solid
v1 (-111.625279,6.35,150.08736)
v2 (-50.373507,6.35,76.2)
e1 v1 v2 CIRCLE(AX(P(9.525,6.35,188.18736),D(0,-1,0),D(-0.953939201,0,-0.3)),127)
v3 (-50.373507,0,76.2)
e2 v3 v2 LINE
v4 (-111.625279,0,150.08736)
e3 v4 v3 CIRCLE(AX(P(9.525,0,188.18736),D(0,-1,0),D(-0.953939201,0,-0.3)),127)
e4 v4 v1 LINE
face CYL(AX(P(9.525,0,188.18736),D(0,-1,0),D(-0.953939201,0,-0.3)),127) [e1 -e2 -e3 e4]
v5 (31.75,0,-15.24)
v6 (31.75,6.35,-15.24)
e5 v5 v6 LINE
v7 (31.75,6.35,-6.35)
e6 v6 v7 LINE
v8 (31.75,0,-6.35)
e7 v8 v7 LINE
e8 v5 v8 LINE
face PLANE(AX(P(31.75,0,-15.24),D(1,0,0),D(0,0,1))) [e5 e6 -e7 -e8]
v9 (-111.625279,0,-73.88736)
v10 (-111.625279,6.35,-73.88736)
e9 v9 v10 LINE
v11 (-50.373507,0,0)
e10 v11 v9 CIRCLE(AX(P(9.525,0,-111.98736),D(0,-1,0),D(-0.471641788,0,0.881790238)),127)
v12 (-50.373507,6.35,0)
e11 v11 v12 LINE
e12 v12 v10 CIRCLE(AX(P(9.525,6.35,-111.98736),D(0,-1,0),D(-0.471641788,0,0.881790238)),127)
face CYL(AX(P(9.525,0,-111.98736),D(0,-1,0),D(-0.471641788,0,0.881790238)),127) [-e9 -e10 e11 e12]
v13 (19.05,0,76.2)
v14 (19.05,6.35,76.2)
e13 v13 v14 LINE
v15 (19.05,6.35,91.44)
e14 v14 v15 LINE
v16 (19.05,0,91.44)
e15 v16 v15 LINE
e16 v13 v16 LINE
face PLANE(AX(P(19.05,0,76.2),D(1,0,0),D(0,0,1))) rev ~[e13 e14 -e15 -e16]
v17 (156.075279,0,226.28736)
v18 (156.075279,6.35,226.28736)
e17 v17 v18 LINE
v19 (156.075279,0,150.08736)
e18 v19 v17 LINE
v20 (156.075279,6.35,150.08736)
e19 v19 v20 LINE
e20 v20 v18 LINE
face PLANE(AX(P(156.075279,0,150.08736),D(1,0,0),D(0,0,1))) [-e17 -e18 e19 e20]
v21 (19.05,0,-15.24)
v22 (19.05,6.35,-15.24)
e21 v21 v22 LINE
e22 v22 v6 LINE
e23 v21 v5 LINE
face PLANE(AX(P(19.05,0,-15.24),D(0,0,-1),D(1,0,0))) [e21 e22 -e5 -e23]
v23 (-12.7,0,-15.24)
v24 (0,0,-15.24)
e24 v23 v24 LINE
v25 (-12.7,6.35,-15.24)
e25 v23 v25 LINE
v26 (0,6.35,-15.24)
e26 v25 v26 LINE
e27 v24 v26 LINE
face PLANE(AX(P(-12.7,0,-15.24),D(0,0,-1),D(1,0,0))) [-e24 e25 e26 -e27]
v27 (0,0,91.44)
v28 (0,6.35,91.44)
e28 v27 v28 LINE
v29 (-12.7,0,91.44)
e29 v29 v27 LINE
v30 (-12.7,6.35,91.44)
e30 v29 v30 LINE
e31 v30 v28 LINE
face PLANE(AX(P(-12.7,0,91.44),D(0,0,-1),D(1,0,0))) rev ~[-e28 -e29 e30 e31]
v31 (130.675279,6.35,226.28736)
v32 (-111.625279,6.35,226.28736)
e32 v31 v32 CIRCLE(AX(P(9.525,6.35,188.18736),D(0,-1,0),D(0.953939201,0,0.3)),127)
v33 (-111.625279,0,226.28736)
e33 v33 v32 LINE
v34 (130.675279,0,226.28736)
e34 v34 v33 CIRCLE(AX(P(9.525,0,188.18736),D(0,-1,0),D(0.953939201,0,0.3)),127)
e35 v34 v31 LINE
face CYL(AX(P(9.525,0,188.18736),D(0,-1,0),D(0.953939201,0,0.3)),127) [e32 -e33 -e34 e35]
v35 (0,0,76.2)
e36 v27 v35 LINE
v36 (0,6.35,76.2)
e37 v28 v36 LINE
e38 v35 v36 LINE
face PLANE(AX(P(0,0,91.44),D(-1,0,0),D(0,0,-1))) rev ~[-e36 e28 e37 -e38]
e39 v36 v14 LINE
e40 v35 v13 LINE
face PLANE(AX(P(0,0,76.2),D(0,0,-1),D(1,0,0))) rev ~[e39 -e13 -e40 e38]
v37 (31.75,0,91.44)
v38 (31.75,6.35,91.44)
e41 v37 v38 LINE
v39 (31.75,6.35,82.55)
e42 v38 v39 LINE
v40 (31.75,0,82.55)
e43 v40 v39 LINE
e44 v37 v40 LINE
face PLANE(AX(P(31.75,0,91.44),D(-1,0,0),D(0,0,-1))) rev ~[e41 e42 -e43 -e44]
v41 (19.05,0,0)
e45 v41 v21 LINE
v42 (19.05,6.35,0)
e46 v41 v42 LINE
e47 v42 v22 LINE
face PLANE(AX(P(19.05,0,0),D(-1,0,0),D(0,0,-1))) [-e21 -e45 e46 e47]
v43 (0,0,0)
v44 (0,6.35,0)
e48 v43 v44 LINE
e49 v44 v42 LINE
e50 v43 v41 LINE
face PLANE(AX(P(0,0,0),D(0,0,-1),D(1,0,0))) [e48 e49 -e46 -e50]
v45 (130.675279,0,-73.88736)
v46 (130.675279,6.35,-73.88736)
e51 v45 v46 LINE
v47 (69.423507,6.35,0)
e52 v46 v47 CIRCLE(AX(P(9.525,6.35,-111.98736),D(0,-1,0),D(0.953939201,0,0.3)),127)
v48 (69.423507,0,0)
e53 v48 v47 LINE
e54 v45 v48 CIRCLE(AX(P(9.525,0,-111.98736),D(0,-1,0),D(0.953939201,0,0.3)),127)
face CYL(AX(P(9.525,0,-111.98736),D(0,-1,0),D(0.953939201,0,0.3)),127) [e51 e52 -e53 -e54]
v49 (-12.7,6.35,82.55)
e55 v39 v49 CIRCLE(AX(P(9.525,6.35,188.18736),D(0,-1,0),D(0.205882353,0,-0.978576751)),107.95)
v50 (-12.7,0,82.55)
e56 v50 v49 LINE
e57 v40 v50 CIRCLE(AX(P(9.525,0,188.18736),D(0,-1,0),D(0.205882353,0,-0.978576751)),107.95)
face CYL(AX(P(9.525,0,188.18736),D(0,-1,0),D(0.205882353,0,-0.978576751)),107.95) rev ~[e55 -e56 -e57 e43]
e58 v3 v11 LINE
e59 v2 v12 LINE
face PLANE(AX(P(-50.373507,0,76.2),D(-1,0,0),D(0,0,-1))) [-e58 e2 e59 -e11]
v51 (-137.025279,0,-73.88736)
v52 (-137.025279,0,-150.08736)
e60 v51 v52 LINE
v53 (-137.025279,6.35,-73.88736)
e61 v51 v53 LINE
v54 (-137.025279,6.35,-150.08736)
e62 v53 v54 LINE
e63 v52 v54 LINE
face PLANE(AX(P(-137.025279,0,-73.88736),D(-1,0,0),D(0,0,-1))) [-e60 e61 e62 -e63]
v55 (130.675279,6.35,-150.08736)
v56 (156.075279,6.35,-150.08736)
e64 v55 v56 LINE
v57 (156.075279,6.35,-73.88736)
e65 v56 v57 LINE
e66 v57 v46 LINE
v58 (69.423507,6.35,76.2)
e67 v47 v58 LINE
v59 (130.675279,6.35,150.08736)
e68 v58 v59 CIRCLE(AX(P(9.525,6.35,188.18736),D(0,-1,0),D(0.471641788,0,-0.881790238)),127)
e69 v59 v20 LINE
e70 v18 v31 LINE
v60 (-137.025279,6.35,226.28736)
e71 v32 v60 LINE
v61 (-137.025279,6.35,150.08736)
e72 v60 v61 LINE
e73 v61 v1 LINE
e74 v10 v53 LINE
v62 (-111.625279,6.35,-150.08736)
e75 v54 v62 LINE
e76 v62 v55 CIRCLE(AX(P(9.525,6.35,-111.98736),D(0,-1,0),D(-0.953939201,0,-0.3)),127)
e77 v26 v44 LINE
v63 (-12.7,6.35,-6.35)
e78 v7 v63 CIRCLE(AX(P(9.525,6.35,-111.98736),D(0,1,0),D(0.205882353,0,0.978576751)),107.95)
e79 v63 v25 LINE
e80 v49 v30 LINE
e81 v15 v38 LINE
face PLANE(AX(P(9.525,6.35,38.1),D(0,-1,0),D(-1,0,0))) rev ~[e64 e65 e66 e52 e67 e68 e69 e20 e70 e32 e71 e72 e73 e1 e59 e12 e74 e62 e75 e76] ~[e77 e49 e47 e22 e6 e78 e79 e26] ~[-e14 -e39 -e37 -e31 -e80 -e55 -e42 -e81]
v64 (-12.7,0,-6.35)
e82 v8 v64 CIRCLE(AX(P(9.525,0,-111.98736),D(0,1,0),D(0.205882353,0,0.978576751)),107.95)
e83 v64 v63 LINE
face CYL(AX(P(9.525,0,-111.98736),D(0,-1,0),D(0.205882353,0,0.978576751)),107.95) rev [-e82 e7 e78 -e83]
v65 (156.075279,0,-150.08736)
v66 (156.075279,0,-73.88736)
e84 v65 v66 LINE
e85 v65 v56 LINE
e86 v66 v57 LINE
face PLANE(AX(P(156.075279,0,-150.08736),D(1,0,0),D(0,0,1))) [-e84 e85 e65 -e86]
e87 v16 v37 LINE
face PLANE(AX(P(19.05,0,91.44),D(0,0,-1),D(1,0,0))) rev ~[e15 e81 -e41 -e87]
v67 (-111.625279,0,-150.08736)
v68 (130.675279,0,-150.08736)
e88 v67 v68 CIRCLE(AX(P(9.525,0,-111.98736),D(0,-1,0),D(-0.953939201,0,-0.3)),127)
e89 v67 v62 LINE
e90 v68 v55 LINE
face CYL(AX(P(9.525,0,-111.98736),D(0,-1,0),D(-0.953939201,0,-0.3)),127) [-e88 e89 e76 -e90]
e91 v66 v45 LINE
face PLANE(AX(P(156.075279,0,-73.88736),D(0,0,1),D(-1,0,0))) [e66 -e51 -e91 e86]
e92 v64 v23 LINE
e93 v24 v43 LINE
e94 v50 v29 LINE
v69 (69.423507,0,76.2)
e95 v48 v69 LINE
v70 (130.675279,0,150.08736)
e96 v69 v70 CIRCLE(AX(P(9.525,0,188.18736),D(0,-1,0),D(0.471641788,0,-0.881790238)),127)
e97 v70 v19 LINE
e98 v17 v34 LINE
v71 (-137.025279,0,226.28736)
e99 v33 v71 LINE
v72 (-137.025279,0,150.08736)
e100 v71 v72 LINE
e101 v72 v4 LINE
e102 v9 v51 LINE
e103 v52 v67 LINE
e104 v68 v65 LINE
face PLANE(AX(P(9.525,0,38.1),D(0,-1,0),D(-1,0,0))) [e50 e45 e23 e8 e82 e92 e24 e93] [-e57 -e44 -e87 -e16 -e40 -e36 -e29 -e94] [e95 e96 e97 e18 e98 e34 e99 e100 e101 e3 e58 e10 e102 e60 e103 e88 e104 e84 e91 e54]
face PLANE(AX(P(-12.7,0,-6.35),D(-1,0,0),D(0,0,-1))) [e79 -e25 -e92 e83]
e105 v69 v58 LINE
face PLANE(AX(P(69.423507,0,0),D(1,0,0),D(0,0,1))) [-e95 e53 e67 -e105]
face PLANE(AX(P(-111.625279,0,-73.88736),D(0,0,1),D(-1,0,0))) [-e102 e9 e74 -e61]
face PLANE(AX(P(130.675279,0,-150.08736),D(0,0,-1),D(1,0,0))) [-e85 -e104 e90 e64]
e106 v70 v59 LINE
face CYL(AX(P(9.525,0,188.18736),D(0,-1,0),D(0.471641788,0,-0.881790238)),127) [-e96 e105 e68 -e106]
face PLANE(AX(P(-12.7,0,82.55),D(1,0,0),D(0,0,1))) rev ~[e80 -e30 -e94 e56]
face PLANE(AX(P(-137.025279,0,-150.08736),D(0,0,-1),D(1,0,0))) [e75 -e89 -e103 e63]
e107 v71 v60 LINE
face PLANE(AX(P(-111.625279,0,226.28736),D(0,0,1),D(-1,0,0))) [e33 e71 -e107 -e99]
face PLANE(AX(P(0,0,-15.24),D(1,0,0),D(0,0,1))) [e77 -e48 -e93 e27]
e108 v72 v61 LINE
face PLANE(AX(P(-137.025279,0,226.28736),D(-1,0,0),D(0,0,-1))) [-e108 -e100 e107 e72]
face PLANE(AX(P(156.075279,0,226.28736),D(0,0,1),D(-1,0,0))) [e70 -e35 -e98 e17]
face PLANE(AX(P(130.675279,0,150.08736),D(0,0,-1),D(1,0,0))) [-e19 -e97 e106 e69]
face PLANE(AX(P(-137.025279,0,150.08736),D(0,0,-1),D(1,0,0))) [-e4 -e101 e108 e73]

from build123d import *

# Parameters (mm, degrees)
BOSS_EXTRUDE1_DEPTH = 6.35


with BuildPart() as part:
    # Sketch1 → Boss-Extrude1 (new body)
    with BuildSketch(Plane(origin=(0, 0, 0), x_dir=(1, 0, 0), z_dir=(0, 1, 0))):
        with BuildLine():
            Line((130.67527858, 150.087360224), (156.07527858, 150.087360224))
            Line((156.07527858, 150.087360224), (156.07527858, 73.887360224))
            Line((156.07527858, 73.887360224), (130.67527858, 73.887360224))
            ThreePointArc((130.67527858, 73.887360224), (107.297701698, 30.934915456), (69.423507078, 0))
            Line((69.423507078, 0), (69.423507078, -76.2))
            ThreePointArc((69.423507078, -76.2), (107.297701698, -107.134915456), (130.67527858, -150.087360224))
            Line((130.67527858, -150.087360224), (156.07527858, -150.087360224))
            Line((156.07527858, -150.087360224), (156.07527858, -226.287360224))
            Line((156.07527858, -226.287360224), (130.67527858, -226.287360224))
            ThreePointArc((130.67527858, -226.287360224), (9.525, -315.187360224), (-111.62527858, -226.287360224))
            Line((-111.62527858, -226.287360224), (-137.02527858, -226.287360224))
            Line((-137.02527858, -226.287360224), (-137.02527858, -150.087360224))
            Line((-137.02527858, -150.087360224), (-111.62527858, -150.087360224))
            ThreePointArc((-111.62527858, -150.087360224), (-88.247701698, -107.134915456), (-50.373507078, -76.2))
            Line((-50.373507078, -76.2), (-50.373507078, 0))
            ThreePointArc((-50.373507078, 0), (-88.247701698, 30.934915456), (-111.62527858, 73.887360224))
            Line((-111.62527858, 73.887360224), (-137.02527858, 73.887360224))
            Line((-137.02527858, 73.887360224), (-137.02527858, 150.087360224))
            Line((-137.02527858, 150.087360224), (-111.62527858, 150.087360224))
            ThreePointArc((-111.62527858, 150.087360224), (9.525, 238.987360224), (130.67527858, 150.087360224))
        make_face()
        with BuildLine():
            Line((0, 0), (19.05, 0))
            Line((19.05, 0), (19.05, 15.24))
            Line((19.05, 15.24), (31.75, 15.24))
            Line((31.75, 15.24), (31.75, 6.35))
            ThreePointArc((31.75, 6.35), (9.525, 219.937360224), (-12.7, 6.35))
            Line((-12.7, 6.35), (-12.7, 15.24))
            Line((-12.7, 15.24), (0, 15.24))
            Line((0, 15.24), (0, 0))
        make_face(mode=Mode.SUBTRACT)
        with BuildLine():
            Line((0, -76.2), (19.05, -76.2))
            Line((19.05, -76.2), (19.05, -91.44))
            Line((19.05, -91.44), (31.75, -91.44))
            Line((31.75, -91.44), (31.75, -82.55))
            ThreePointArc((31.75, -82.55), (9.525, -296.137360224), (-12.7, -82.55))
            Line((-12.7, -82.55), (-12.7, -91.44))
            Line((-12.7, -91.44), (0, -91.44))
            Line((0, -91.44), (0, -76.2))
        make_face(mode=Mode.SUBTRACT)
    extrude(amount=BOSS_EXTRUDE1_DEPTH)


solid = part.part
